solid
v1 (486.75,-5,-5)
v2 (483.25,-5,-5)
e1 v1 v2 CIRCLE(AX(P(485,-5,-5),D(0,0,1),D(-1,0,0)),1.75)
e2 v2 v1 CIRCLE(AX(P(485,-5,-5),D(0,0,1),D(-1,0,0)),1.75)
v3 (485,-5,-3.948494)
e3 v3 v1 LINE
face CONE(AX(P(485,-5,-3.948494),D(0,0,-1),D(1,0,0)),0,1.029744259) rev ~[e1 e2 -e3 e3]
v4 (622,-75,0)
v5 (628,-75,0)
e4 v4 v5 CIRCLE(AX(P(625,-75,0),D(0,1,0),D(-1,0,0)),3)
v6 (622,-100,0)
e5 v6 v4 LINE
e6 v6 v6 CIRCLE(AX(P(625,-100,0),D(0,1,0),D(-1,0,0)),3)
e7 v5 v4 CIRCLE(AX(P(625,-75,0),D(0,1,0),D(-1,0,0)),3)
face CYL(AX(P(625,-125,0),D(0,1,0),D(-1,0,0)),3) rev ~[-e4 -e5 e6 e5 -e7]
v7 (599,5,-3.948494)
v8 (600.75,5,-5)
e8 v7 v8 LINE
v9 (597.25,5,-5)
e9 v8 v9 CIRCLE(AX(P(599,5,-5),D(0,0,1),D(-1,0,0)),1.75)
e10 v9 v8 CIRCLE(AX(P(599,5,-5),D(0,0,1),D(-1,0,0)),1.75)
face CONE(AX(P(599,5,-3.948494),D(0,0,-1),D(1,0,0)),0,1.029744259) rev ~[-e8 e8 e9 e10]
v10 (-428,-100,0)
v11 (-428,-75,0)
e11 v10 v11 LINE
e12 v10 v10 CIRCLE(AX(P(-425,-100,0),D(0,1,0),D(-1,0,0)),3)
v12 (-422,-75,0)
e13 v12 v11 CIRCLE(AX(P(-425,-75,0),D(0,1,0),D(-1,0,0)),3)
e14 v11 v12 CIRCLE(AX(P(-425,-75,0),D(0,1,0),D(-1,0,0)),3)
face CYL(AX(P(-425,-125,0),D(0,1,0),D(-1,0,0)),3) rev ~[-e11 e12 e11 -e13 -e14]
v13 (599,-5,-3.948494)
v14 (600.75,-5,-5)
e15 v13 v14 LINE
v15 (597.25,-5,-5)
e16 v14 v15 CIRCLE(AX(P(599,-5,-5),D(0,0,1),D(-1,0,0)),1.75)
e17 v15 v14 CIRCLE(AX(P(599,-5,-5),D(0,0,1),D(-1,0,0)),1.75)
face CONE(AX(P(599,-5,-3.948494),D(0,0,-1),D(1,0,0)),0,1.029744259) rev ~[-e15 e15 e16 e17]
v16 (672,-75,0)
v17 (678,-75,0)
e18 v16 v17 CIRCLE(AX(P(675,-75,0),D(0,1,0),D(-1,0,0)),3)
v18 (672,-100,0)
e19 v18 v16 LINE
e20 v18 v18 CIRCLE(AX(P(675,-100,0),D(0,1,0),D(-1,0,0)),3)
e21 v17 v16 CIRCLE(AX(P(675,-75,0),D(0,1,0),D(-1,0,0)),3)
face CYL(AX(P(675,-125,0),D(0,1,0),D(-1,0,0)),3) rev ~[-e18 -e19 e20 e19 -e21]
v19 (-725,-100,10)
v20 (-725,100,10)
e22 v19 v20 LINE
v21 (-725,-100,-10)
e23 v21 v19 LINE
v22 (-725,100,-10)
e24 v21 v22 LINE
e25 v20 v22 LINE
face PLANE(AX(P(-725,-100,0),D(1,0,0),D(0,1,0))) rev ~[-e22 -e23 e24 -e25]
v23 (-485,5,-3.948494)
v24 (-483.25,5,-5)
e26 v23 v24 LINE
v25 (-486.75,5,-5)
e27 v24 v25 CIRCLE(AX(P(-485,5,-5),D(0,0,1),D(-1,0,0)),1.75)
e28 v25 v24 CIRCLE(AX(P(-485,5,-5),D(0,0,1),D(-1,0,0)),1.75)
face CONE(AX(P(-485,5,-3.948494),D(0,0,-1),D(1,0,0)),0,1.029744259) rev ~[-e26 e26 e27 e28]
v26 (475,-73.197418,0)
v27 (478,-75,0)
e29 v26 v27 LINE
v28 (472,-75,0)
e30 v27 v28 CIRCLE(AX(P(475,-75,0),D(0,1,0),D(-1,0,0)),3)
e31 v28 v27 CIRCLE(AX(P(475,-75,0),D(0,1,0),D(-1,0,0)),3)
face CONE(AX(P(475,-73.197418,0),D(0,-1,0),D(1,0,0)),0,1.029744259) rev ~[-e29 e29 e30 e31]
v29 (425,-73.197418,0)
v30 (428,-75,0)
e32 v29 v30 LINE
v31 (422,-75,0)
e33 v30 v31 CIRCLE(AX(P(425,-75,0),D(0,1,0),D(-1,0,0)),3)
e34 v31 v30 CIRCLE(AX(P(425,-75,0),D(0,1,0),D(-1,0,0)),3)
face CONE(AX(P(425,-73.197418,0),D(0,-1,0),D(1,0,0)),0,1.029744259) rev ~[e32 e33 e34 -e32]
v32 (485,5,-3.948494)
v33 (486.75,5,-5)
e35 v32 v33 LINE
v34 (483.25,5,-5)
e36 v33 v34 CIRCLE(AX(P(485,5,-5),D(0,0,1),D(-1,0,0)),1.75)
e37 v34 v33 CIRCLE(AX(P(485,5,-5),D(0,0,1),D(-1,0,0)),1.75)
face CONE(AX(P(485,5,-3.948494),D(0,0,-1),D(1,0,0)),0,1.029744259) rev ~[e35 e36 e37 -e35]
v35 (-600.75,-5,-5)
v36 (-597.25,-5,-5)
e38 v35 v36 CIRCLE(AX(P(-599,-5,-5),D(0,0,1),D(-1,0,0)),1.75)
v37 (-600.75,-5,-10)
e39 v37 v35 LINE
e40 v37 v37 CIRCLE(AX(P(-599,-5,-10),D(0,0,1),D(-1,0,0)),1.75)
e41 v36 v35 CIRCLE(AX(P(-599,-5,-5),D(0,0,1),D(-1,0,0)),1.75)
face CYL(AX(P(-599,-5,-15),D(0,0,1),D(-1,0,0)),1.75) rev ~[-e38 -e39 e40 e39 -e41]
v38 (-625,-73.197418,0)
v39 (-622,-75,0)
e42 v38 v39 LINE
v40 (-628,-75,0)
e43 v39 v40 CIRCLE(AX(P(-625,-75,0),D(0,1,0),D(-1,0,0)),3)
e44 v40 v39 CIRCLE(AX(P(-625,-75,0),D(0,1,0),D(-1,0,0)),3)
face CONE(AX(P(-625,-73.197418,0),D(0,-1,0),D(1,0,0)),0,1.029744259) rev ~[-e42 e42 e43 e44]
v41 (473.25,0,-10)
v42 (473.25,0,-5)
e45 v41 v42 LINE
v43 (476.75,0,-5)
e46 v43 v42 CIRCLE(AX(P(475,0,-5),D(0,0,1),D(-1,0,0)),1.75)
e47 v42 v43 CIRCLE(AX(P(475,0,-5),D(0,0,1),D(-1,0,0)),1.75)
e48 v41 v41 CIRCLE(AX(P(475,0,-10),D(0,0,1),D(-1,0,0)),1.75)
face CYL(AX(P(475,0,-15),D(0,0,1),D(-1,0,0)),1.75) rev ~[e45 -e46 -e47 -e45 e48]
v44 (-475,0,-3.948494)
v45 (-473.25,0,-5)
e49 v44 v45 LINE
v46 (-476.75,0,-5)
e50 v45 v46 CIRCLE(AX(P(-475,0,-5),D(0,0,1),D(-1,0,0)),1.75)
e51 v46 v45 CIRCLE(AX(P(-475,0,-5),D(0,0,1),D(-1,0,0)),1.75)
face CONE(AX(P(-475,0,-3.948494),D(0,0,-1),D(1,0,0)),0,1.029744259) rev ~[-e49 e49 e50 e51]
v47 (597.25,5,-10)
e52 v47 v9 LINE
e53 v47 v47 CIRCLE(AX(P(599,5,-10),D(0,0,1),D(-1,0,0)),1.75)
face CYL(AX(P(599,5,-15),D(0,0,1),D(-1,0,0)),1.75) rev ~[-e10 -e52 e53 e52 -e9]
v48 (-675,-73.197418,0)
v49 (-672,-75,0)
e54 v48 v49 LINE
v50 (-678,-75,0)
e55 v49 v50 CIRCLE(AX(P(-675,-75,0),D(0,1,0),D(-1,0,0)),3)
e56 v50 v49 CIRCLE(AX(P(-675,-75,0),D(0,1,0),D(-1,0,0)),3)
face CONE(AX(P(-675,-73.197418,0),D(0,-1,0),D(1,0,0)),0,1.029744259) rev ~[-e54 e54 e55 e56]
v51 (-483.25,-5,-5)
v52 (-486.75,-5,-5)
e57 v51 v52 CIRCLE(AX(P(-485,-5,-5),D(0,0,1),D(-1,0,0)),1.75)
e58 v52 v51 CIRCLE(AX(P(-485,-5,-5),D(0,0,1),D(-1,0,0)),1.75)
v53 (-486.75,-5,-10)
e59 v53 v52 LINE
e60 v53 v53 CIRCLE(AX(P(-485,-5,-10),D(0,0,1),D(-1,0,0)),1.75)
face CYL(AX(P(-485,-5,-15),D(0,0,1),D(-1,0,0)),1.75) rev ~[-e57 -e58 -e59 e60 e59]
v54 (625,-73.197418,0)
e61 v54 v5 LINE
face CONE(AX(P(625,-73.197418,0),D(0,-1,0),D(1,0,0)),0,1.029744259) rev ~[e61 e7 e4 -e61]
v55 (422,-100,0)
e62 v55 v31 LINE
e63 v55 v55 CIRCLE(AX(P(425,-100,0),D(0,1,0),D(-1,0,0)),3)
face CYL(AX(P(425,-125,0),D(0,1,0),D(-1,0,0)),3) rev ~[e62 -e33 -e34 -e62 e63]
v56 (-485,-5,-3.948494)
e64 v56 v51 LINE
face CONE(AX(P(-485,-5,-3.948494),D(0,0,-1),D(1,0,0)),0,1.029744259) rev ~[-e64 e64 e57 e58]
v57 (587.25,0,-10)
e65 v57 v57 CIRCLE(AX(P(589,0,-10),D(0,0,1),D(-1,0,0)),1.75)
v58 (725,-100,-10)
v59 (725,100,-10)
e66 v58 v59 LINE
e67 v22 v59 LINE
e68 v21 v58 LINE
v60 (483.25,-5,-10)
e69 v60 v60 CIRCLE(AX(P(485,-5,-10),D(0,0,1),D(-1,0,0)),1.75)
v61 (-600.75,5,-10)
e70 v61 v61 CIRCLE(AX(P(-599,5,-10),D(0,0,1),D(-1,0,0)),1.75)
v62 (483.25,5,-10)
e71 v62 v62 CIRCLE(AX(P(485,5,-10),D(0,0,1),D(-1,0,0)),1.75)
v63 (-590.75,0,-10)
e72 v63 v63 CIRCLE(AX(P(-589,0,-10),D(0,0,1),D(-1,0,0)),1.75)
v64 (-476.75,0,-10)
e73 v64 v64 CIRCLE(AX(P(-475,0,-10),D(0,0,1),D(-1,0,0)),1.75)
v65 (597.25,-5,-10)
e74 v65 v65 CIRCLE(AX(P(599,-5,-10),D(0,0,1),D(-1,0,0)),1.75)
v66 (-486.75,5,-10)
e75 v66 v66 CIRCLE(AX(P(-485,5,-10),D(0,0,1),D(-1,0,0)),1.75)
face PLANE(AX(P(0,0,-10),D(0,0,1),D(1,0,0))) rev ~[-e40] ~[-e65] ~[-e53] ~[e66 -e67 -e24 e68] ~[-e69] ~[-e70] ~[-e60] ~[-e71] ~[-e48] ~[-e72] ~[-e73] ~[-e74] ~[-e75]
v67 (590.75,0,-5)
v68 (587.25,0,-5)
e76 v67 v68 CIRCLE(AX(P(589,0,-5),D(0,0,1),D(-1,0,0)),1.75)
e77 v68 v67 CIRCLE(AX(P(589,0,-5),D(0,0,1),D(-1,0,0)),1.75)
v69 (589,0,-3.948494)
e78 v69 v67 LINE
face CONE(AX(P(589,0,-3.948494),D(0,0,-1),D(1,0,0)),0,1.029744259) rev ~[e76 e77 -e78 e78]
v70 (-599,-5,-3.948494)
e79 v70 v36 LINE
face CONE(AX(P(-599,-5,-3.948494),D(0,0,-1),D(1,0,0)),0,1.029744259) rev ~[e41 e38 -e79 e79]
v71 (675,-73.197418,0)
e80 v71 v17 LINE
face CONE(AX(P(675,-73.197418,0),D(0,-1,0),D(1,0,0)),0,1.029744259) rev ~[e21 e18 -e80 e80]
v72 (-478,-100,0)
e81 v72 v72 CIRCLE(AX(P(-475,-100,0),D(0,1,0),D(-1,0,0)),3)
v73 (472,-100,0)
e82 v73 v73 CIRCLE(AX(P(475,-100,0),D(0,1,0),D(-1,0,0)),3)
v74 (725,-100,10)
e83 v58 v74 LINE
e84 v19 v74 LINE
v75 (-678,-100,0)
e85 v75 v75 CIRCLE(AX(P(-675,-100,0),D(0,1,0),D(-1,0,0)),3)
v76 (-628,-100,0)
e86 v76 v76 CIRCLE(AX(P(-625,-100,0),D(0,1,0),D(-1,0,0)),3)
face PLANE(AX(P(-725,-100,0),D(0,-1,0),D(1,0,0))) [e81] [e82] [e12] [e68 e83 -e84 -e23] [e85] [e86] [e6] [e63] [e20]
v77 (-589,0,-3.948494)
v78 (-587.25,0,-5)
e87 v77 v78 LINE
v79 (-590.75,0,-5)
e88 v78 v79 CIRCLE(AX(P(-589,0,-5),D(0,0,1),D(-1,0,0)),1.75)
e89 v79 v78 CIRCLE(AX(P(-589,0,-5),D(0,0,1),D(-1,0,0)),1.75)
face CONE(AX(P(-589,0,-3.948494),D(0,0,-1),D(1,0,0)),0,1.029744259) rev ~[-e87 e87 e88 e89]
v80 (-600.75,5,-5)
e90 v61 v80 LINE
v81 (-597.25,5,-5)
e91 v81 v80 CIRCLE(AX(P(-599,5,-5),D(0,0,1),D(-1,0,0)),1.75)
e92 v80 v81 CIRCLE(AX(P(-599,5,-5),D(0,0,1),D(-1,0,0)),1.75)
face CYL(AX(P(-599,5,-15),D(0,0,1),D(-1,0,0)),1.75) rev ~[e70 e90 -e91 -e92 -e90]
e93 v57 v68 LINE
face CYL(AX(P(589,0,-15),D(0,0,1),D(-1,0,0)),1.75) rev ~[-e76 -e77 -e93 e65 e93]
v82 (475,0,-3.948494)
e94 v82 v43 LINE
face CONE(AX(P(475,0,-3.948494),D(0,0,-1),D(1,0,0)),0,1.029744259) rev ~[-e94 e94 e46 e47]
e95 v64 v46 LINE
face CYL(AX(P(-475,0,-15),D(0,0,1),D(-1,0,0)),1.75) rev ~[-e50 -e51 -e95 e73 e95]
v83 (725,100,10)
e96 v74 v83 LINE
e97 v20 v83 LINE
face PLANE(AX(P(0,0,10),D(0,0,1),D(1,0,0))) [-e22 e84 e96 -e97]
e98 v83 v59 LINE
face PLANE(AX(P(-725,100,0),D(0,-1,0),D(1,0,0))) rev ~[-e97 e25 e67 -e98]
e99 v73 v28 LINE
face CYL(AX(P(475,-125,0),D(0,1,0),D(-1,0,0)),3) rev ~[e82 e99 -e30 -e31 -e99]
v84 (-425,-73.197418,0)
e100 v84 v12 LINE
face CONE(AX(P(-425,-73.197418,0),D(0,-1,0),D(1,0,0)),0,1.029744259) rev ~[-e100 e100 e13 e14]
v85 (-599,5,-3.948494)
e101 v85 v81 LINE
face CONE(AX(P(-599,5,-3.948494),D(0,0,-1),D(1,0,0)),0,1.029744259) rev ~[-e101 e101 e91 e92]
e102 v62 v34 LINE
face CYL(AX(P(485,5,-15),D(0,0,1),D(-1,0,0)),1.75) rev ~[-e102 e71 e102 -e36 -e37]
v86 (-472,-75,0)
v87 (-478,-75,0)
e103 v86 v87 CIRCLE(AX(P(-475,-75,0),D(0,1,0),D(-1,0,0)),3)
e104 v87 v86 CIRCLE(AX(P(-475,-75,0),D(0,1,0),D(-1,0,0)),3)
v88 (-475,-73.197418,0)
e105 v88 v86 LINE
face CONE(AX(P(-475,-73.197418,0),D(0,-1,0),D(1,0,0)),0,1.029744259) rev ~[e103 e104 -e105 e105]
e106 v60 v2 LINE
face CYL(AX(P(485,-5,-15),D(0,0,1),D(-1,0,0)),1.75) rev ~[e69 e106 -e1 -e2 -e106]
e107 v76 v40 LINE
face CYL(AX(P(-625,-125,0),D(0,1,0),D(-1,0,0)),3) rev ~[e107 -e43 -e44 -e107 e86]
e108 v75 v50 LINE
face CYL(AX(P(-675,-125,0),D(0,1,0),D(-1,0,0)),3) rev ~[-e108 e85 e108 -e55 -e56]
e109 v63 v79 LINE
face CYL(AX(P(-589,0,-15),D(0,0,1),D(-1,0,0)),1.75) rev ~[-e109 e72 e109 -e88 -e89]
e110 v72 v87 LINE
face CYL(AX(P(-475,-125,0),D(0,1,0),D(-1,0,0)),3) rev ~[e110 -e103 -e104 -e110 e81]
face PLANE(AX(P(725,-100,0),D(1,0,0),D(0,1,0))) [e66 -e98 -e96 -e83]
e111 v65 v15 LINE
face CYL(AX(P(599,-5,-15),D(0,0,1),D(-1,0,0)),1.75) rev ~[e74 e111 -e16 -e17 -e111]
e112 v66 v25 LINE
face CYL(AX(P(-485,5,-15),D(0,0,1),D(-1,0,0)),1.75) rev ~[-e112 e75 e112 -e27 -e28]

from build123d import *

# Parameters (mm, degrees)
F0_W     = 1450
F0_H     = 200
F1_DEPTH = 10
F3_D     = 6
F3_DEPTH = 25
F3_TIP   = 1.8025818571
F5_D     = 3.5
F5_DEPTH = 5
F5_TIP   = 1.0515060833
F6_D     = 3.5
F6_DEPTH = 5
F6_TIP   = 1.0515060833


with BuildPart() as f1:
    # F0 (on Top) → F1 (new body, symmetric)
    with BuildSketch(Plane.XY):
        Rectangle(F0_W, F0_H)
    extrude(amount=F1_DEPTH, both=True)

    # F3
    with Locations(Plane.XZ.offset(100)):
        with Locations((-675, 0), (-625, 0), (-475, 0), (-425, 0), (425, 0), (475, 0), (625, 0), (675, 0)):
            Hole(F3_D / 2, depth=F3_DEPTH)
            with Locations((0, 0, -(F3_DEPTH + F3_TIP / 2))):  # 118° drill point
                Cone(0, F3_D / 2, F3_TIP, mode=Mode.SUBTRACT)

    # F5
    with Locations(Plane(origin=(0, 0, -10), x_dir=(1, 0, 0), z_dir=(0, 0, -1))):
        with Locations((-599, 5), (-599, -5), (-589, 0), (-485, 5), (-485, -5), (-475, 0)):
            Hole(F5_D / 2, depth=F5_DEPTH)
            with Locations((0, 0, -(F5_DEPTH + F5_TIP / 2))):  # 118° drill point
                Cone(0, F5_D / 2, F5_TIP, mode=Mode.SUBTRACT)

    # F6
    with Locations(Plane(origin=(0, 0, -10), x_dir=(1, 0, 0), z_dir=(0, 0, -1))):
        with Locations((475, 0), (485, -5), (485, 5), (589, 0), (599, 5), (599, -5)):
            Hole(F6_D / 2, depth=F6_DEPTH)
            with Locations((0, 0, -(F6_DEPTH + F6_TIP / 2))):  # 118° drill point
                Cone(0, F6_D / 2, F6_TIP, mode=Mode.SUBTRACT)


solid = f1.part
